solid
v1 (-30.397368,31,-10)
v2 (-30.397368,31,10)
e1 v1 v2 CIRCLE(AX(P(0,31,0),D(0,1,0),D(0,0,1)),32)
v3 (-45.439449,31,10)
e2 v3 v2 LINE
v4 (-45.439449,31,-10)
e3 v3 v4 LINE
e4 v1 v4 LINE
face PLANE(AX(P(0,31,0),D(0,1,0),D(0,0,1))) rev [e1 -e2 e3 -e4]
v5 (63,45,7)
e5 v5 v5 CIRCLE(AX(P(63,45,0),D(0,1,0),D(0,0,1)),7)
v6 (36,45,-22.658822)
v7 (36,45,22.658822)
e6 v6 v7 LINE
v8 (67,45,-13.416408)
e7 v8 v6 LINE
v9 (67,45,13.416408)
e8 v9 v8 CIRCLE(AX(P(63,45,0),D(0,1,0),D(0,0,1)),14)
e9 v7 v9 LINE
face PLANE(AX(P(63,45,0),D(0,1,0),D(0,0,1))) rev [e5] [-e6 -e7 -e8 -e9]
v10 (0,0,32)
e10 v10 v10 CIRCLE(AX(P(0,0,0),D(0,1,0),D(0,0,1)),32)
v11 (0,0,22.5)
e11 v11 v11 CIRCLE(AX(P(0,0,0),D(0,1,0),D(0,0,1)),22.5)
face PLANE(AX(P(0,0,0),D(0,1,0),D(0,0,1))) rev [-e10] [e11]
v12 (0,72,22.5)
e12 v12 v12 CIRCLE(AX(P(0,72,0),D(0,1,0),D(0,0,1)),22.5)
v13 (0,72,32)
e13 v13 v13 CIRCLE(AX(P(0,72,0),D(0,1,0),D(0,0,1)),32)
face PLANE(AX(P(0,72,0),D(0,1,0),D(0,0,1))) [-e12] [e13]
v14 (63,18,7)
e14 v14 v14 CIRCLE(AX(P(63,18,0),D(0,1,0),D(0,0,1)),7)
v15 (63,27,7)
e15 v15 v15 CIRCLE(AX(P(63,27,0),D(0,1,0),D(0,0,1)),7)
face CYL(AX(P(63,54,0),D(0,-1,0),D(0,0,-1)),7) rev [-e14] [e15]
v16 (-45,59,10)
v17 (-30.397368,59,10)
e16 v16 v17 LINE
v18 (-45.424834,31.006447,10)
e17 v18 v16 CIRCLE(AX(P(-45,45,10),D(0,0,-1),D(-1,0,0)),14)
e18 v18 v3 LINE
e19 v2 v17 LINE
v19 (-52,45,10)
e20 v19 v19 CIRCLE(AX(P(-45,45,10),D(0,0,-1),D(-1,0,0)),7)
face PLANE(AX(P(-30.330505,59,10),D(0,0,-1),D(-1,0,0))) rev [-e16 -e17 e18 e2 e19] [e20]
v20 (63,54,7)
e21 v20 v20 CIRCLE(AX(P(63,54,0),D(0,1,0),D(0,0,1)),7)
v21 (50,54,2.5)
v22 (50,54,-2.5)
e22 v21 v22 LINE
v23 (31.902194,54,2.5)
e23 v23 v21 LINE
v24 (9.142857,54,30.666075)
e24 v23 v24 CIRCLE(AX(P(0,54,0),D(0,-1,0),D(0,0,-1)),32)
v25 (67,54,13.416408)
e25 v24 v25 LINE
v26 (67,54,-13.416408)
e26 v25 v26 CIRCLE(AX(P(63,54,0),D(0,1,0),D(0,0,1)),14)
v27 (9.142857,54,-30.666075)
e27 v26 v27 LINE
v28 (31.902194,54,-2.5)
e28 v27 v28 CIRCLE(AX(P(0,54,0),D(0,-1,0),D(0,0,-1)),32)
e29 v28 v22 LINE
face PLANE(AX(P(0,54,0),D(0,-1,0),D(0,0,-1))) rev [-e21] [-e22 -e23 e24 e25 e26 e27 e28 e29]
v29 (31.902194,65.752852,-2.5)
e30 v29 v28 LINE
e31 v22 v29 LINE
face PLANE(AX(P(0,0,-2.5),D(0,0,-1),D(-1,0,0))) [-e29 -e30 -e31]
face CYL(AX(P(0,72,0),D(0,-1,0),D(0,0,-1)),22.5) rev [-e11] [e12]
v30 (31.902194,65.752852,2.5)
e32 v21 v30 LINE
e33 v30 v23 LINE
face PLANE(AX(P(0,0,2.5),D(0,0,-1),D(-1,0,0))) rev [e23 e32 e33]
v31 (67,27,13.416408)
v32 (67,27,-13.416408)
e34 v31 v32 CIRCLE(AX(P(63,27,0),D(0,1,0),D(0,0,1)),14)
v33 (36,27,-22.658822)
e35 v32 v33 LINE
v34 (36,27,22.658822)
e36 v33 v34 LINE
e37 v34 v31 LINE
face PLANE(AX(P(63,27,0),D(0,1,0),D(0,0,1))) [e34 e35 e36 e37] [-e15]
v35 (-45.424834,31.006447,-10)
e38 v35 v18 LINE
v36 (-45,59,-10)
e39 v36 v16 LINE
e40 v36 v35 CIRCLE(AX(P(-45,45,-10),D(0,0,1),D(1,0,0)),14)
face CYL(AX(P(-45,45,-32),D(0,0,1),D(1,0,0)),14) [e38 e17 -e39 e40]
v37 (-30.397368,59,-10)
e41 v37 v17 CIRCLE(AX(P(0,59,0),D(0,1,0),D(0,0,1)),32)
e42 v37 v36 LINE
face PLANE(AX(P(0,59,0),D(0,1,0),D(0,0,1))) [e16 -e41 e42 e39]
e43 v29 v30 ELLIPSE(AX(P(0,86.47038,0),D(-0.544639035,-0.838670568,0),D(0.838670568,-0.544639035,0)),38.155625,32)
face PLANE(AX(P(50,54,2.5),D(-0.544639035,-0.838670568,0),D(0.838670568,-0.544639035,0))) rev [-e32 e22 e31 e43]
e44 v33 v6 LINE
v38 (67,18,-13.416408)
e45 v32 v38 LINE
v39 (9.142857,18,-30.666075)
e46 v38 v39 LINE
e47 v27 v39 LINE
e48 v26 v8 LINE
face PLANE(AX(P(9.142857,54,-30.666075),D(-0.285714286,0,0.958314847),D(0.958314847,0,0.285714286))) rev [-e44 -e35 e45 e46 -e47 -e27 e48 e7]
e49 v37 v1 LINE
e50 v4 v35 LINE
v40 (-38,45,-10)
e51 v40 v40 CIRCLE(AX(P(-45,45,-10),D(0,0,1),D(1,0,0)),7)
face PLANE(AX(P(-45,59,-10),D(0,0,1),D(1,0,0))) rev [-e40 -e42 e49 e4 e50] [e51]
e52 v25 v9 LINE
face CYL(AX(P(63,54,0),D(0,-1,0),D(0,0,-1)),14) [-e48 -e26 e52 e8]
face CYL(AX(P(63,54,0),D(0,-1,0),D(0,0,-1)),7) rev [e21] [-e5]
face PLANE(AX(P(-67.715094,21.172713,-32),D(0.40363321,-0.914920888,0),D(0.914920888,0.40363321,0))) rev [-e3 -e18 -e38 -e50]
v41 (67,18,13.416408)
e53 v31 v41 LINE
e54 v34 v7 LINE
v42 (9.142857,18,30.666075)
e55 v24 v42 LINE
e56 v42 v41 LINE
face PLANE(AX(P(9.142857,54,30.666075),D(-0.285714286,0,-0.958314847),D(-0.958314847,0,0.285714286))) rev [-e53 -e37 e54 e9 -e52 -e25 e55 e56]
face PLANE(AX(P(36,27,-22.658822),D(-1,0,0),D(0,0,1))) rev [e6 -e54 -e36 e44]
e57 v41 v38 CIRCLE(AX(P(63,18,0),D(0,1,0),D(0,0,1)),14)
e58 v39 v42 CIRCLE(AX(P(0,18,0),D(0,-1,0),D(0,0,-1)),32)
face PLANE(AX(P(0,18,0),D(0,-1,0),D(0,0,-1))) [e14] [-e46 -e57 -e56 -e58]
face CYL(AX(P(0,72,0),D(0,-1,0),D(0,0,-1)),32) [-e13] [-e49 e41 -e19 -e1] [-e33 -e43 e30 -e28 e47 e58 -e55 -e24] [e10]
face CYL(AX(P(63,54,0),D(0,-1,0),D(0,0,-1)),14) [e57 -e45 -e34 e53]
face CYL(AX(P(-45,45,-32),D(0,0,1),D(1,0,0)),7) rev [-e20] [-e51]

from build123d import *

# Parameters (mm, degrees)
SKETCH_1_R               = 32
SKETCH_1_R_2             = 22.5
EXTRUDE_1_DEPTH          = 72
SKETCH_2_R               = 7
EXTRUDE_2_DEPTH          = 36
CUT_EXTRUDE_1_DEPTH      = 9
EXTRUDE_3_DEPTH          = 14
SKETCH_5_R               = 7
CUT_EXTRUDE_2_DEPTH      = 33
CUT_EXTRUDE_2_DEPTH_BACK = 33
CUT_EXTRUDE_3_DEPTH      = 23
CUT_EXTRUDE_3_DEPTH_BACK = 43
EXTRUDE_4_DEPTH          = 2.5


with BuildPart() as part:
    # 草图1 → 凸台-拉伸1 (new body)
    with BuildSketch(Plane(origin=(0, 0, 0), x_dir=(1, 0, 0), z_dir=(0, 1, 0))):
        Circle(SKETCH_1_R)
        Circle(SKETCH_1_R_2, mode=Mode.SUBTRACT)
    extrude(amount=EXTRUDE_1_DEPTH)

    # 草图2 → 凸台-拉伸2 (add)
    with BuildSketch(Plane(origin=(0, 18, 0), x_dir=(1, 0, 0), z_dir=(0, 1, 0))):
        with BuildLine():
            Line((9.142857143, 30.66607512), (67, 13.416407865))
            ThreePointArc((67, 13.416407865), (77, 0), (67, -13.416407865))
            Line((67, -13.416407865), (9.142857143, -30.66607512))
            ThreePointArc((9.142857143, -30.66607512), (32, 0), (9.142857143, 30.66607512))
        make_face()
        with Locations((63, 0)):
            Circle(SKETCH_2_R, mode=Mode.SUBTRACT)
    extrude(amount=EXTRUDE_2_DEPTH)

    # 草图3 → 切除-拉伸1 (cut, symmetric)
    with BuildSketch(Plane(origin=(0, 36, 0), x_dir=(1, 0, 0), z_dir=(0, 1, 0))):
        with BuildLine():
            Line((36, 22.658822172), (36, -22.658822172))
            Line((36, -22.658822172), (67, -13.416407865))
            ThreePointArc((67, -13.416407865), (77, 0), (67, 13.416407865))
            Line((67, 13.416407865), (36, 22.658822172))
        make_face()
    extrude(amount=CUT_EXTRUDE_1_DEPTH, both=True, mode=Mode.SUBTRACT)

    # 草图4 → 凸台-拉伸3 (add, symmetric)
    with BuildSketch(Plane(origin=(0, 45, 0), x_dir=(1, 0, 0), z_dir=(0, 1, 0))):
        with BuildLine():
            Line((-30.330505487, 10), (-45, 10))
            Line((-45, 10), (-59, 10))
            Line((-59, 10), (-59, -10))
            Line((-59, -10), (-45, -10))
            Line((-45, -10), (-30.330505487, -10))
            ThreePointArc((-30.330505487, -10), (-31.936492655, 0), (-30.330505487, 10))
        make_face()
    extrude(amount=EXTRUDE_3_DEPTH, both=True)

    # 草图5 → 切除-拉伸2 (cut, two sides)
    with BuildSketch(Plane.XY) as cut_extrude_2_sk:
        with Locations((-45, 45)):
            Circle(SKETCH_5_R)
    extrude(amount=CUT_EXTRUDE_2_DEPTH, mode=Mode.SUBTRACT)
    extrude(cut_extrude_2_sk.sketch, amount=-CUT_EXTRUDE_2_DEPTH_BACK, mode=Mode.SUBTRACT)

    # 草图6 → 切除-拉伸3 (cut, two sides)
    with BuildSketch(Plane.XY.offset(10)) as cut_extrude_3_sk:
        with BuildLine():
            Line((-45, 59), (-45, 73.390549991))
            Line((-45, 73.390549991), (-74.161740497, 70.167226716))
            Line((-74.161740497, 70.167226716), (-67.715093947, 21.172712935))
            Line((-67.715093947, 21.172712935), (-45.42483437, 31.00644735))
            ThreePointArc((-45.42483437, 31.00644735), (-58.99838807, 45.212441645), (-45, 59))
        make_face()
    extrude(amount=CUT_EXTRUDE_3_DEPTH, mode=Mode.SUBTRACT)
    extrude(cut_extrude_3_sk.sketch, amount=-CUT_EXTRUDE_3_DEPTH_BACK, mode=Mode.SUBTRACT)

    # 草图7 → 凸台-拉伸4 (add, symmetric)
    with BuildSketch(Plane.XY):
        Polygon((50, 54), (28.987302247, 67.645805474), (28.987302247, 54), align=None)
    extrude(amount=EXTRUDE_4_DEPTH, both=True)


solid = part.part
